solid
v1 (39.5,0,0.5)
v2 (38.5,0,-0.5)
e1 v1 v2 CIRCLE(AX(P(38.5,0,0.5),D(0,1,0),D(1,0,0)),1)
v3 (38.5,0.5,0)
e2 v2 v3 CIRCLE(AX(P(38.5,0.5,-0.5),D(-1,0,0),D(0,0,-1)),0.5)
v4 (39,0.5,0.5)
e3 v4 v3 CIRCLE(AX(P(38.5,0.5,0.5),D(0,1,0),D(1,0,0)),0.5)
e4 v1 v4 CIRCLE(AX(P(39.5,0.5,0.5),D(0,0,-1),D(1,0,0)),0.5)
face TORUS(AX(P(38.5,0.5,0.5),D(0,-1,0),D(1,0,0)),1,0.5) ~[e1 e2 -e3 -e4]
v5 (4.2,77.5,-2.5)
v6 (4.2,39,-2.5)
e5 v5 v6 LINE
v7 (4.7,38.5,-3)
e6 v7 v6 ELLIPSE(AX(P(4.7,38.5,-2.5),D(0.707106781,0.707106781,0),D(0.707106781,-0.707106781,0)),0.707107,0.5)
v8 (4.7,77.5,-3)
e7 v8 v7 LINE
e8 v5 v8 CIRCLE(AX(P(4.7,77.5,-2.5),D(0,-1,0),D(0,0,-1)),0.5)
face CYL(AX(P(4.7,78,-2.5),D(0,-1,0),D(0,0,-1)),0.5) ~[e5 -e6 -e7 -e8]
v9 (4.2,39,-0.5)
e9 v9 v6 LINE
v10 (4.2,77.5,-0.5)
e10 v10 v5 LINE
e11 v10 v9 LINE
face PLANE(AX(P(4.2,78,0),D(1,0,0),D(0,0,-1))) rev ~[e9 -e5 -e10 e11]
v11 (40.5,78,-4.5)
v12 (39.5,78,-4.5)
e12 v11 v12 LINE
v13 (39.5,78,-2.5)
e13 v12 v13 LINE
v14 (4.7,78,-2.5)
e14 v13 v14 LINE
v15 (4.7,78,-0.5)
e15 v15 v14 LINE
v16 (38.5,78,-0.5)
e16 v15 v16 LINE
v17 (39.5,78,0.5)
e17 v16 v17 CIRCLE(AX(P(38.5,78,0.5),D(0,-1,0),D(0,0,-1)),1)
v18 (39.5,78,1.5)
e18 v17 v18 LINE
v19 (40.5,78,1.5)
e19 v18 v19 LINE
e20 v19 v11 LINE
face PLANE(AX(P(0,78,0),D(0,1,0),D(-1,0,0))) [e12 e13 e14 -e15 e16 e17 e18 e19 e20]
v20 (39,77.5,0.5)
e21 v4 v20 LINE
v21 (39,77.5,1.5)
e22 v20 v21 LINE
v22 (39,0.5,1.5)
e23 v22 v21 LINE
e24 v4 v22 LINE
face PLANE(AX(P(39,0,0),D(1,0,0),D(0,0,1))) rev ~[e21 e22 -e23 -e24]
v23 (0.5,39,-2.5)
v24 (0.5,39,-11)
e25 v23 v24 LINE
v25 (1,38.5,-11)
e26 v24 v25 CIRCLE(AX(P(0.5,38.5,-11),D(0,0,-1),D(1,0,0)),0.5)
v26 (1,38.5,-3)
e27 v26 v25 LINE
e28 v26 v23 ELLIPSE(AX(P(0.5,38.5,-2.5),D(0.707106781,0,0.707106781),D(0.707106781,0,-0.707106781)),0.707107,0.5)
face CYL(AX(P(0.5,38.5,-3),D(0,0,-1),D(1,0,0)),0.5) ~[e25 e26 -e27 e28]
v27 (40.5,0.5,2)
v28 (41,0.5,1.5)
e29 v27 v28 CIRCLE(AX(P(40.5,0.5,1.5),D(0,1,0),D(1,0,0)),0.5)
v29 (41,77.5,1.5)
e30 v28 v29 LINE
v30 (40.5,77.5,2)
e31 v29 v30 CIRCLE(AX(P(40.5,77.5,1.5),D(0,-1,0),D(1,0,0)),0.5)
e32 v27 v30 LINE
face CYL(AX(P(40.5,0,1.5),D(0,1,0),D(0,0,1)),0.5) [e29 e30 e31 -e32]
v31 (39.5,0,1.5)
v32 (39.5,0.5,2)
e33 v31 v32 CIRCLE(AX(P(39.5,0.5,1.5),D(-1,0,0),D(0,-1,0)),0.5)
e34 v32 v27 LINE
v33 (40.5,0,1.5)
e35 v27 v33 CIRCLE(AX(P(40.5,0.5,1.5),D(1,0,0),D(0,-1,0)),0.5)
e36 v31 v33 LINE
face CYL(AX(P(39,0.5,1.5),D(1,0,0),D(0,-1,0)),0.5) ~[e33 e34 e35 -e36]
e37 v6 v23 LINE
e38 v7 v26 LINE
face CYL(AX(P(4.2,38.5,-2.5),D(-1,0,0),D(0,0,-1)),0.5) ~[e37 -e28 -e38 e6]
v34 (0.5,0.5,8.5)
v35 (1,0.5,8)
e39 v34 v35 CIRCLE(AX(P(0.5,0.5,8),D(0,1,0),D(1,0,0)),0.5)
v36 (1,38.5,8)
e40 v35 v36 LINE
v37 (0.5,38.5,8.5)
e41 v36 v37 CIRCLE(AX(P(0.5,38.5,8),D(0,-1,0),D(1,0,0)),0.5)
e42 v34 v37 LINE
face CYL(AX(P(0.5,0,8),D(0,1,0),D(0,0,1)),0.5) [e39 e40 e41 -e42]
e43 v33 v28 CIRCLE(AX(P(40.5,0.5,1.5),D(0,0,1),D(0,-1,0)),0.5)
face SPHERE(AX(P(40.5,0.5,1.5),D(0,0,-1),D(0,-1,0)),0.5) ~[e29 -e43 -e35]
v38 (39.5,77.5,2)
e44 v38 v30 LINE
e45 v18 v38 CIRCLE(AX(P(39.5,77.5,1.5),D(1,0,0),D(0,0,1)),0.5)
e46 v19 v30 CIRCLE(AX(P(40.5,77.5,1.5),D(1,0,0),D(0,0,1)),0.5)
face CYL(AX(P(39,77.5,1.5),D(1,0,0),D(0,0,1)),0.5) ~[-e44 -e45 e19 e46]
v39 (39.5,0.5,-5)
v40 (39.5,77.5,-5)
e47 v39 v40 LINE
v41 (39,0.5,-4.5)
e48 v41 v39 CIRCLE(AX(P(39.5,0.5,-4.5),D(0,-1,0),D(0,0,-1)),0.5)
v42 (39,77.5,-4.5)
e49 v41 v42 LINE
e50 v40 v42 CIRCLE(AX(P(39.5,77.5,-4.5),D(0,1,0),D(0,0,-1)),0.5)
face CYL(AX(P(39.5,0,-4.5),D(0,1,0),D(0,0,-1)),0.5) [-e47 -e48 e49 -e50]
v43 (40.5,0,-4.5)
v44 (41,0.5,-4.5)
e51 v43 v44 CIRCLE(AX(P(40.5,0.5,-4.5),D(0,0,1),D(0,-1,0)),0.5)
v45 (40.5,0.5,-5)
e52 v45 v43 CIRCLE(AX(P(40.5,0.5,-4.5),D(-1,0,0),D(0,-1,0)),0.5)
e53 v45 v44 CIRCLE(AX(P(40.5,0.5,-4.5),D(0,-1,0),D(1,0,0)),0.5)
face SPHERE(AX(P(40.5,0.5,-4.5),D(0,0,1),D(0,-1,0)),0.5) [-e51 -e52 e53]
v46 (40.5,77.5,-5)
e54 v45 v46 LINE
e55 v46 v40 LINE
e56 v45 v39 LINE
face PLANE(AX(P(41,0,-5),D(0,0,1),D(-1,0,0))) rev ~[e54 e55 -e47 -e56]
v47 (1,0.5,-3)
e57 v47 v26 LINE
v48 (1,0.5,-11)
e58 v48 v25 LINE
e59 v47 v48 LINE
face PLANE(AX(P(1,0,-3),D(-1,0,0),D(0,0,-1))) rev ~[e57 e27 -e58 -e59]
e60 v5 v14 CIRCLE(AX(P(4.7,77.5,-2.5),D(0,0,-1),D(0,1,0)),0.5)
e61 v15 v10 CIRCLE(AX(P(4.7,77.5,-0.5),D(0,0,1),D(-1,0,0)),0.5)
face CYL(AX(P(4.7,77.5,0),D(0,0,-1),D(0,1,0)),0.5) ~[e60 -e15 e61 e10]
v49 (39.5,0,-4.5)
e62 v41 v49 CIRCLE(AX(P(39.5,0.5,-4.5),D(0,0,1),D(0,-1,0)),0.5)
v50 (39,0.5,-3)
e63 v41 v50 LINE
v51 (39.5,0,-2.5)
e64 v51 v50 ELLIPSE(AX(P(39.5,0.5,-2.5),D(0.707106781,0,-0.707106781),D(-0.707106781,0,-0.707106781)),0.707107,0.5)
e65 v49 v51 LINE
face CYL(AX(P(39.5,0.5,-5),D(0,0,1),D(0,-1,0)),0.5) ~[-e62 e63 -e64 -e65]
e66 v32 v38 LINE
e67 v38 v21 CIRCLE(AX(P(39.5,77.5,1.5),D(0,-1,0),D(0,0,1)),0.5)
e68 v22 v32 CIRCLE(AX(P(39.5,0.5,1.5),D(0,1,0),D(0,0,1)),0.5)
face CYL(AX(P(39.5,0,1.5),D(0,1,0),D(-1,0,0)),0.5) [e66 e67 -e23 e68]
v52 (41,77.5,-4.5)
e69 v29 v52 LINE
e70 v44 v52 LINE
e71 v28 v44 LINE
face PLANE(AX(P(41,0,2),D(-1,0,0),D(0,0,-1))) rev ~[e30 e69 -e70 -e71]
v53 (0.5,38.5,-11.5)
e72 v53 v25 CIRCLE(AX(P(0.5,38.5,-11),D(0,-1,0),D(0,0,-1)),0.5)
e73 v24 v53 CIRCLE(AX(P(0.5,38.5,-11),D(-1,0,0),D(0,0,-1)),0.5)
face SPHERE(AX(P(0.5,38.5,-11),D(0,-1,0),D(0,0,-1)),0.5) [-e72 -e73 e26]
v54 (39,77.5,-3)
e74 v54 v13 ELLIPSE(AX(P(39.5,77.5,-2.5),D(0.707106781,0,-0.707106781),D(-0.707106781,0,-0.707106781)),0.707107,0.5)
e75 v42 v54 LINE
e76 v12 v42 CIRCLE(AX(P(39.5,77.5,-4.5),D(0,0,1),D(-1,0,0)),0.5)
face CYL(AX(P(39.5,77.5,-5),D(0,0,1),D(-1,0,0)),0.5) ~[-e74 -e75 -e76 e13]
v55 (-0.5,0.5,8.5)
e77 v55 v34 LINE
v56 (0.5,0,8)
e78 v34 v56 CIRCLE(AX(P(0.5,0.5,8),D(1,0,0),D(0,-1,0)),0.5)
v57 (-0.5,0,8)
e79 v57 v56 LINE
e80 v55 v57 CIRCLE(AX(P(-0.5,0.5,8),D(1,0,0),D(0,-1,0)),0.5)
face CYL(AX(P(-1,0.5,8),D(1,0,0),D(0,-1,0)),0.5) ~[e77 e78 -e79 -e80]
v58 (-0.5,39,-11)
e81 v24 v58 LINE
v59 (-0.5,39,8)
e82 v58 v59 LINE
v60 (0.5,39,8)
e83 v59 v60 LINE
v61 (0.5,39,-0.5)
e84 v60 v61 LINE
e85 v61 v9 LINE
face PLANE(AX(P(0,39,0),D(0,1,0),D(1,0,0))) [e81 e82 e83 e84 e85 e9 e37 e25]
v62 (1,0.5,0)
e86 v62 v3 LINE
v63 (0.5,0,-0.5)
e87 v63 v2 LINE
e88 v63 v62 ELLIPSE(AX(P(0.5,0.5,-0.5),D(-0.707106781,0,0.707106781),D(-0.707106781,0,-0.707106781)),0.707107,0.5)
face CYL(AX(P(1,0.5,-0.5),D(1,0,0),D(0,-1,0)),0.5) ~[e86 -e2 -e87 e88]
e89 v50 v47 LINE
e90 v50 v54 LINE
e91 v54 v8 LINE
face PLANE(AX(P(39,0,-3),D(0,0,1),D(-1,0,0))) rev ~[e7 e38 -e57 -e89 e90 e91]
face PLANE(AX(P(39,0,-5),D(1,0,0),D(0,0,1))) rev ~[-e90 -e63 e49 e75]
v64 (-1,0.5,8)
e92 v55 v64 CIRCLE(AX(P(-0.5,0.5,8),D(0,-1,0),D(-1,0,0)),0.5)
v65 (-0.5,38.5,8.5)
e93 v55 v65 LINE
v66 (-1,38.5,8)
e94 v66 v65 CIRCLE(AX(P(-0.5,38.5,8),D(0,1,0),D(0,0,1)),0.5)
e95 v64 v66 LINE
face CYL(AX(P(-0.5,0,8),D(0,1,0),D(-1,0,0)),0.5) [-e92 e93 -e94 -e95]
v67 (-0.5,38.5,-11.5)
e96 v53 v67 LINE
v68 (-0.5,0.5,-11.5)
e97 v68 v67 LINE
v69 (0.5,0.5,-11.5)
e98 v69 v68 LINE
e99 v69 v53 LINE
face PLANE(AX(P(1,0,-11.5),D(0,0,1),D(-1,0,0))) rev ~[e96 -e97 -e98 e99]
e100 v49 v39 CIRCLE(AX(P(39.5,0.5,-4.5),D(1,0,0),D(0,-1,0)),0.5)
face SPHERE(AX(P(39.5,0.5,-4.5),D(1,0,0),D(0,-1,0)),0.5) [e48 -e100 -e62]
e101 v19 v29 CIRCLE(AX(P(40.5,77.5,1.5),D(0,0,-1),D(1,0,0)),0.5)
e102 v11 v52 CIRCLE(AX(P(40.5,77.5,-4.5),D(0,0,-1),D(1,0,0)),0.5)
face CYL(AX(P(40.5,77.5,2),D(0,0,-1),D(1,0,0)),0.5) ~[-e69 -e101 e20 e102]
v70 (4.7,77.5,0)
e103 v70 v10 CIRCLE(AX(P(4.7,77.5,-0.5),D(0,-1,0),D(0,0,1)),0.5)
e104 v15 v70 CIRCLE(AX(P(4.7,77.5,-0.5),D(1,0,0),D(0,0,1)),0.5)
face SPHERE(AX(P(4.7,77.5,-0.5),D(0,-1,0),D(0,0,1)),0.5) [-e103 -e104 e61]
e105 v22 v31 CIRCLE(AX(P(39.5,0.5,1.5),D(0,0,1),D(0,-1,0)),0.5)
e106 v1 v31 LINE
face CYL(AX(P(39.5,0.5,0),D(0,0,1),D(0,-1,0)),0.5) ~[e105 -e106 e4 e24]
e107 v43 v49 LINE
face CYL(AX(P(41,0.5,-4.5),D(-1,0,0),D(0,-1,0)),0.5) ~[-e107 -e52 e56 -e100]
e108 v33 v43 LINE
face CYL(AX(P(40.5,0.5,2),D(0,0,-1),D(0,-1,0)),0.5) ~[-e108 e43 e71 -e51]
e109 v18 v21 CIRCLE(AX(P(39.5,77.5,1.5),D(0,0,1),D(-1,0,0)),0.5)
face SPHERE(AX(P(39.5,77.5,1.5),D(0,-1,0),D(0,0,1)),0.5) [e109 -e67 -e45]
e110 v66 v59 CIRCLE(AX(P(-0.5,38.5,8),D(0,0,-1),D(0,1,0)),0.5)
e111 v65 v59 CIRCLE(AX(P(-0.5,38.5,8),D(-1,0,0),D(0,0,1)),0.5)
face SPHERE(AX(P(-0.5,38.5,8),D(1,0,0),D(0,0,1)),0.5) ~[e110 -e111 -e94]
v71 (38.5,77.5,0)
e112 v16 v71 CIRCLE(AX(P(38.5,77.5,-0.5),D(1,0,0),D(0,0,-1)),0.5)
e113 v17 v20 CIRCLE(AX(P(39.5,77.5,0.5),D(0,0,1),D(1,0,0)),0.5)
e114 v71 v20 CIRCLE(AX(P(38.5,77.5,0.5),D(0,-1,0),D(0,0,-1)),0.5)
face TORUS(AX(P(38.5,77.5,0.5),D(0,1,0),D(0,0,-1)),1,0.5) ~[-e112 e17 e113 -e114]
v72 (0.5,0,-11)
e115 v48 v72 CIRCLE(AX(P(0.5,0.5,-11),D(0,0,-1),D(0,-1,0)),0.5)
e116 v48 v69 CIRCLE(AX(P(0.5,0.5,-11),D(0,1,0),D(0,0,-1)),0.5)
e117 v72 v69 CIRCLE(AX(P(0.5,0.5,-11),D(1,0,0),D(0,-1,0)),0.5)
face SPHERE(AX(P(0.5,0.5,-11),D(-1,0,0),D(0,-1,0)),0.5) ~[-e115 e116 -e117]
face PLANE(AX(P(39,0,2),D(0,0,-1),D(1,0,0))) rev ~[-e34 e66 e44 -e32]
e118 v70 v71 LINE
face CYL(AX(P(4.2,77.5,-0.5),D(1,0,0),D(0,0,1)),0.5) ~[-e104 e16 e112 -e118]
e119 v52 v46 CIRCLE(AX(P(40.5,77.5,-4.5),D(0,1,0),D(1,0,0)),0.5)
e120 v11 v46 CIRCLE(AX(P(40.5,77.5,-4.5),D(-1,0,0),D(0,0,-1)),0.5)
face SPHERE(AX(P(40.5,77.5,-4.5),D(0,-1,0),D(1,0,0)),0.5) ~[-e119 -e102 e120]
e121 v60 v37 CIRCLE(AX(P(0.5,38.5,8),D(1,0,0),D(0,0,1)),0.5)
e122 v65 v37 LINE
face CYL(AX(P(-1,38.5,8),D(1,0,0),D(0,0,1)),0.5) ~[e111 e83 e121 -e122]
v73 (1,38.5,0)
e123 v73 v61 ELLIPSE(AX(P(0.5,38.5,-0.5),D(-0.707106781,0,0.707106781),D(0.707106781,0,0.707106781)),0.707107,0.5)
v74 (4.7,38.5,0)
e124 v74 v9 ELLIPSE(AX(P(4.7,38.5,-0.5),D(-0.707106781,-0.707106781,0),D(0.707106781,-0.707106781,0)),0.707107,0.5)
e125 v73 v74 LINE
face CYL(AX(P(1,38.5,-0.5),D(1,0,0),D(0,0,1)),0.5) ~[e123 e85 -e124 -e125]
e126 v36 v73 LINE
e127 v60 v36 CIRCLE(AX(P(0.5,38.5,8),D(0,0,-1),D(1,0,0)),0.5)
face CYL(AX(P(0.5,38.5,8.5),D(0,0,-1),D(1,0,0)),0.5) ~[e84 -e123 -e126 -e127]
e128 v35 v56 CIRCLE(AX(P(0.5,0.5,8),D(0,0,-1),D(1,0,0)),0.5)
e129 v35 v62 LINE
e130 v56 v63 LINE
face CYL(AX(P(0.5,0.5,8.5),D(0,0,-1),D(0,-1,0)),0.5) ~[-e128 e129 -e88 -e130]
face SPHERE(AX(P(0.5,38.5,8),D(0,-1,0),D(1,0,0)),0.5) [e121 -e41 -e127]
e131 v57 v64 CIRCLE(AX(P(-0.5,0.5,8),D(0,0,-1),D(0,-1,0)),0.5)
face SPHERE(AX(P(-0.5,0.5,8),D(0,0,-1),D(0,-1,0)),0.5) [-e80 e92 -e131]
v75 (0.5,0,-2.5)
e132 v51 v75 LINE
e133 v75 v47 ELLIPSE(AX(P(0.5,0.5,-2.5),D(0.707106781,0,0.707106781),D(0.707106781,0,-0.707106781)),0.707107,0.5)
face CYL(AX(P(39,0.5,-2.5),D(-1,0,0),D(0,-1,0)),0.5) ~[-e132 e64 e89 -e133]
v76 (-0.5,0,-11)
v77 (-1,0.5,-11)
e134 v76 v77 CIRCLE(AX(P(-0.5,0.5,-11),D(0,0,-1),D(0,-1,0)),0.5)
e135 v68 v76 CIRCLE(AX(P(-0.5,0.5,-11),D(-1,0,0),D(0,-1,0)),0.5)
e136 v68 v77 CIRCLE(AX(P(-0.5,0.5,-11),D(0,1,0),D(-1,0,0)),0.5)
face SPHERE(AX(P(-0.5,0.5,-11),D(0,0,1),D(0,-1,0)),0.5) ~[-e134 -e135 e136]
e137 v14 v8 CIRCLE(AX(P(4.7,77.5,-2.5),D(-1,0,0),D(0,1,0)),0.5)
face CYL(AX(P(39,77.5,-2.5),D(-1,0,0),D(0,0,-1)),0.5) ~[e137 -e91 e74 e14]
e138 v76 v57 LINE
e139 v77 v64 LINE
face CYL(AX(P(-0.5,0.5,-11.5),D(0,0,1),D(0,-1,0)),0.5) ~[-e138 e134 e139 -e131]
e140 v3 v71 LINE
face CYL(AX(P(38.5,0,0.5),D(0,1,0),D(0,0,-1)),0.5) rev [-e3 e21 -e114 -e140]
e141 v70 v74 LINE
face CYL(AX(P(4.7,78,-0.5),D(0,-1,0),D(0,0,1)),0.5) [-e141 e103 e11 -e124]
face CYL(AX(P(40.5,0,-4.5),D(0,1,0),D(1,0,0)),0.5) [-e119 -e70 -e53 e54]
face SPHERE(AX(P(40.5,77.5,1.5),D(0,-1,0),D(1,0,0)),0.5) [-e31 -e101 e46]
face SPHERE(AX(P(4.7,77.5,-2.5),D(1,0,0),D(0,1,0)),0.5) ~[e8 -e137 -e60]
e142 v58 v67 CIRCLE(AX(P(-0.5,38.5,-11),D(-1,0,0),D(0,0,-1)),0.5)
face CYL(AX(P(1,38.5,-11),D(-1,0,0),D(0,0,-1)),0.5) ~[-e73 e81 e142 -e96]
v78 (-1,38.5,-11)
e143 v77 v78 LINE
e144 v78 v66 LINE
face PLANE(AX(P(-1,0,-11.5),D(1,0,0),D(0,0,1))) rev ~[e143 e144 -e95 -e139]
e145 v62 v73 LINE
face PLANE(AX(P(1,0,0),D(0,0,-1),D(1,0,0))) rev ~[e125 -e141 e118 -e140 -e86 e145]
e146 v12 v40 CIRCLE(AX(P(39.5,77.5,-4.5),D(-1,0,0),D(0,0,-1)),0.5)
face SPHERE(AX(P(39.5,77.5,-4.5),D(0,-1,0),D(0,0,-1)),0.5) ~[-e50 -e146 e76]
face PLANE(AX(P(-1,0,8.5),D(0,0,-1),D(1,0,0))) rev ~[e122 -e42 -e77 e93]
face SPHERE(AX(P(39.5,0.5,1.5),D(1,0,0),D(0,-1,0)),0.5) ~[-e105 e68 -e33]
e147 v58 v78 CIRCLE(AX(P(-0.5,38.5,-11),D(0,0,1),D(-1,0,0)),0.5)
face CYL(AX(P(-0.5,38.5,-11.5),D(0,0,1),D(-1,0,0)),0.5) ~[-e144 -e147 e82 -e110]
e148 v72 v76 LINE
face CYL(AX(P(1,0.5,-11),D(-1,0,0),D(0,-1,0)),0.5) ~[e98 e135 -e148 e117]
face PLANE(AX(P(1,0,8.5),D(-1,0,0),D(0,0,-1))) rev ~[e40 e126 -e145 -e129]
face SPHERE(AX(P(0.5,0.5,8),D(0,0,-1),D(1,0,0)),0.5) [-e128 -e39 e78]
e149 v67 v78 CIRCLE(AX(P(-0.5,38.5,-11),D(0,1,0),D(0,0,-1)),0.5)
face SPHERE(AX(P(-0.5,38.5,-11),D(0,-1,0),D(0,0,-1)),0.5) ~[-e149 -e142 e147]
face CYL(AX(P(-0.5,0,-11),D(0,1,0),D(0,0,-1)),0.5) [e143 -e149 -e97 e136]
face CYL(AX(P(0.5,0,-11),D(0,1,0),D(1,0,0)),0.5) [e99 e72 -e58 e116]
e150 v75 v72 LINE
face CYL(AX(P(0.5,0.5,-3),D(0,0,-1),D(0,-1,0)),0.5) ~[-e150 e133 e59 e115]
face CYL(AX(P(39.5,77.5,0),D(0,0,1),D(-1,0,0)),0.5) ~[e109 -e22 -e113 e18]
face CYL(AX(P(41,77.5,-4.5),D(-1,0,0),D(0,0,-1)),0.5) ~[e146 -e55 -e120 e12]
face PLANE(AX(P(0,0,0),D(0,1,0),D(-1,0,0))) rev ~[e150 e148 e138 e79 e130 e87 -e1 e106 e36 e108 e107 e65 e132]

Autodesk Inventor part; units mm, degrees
ref_plane "YZ Plane" through (0, 0, 0) normal (1, 0, 0) x (0, 1, 0)
ref_plane "XZ Plane" through (0, 0, 0) normal (0, 1, 0) x (-1, 0, 0)
ref_plane "XY Plane" through (0, 0, 0) normal (0, 0, 1) x (1, 0, 0)
sketch "スケッチ1" plane through (0, 0, 0) normal (0, 1, 0) x (-1, 0, 0)
  line L0 (0, 0) -> (-40, 0)
  line L1 (-40, 0) -> (-40, -3)
  line L2 (-40, -3) -> (0, -3)
  line L3 (0, -3) -> (0, 0)
  line L4 (-39, 2) -> (-41, 2)
  line L5 (-41, 2) -> (-41, -5)
  line L6 (-41, -5) -> (-39, -5)
  line L7 (-39, -5) -> (-39, 2)
  line L8 (-39, 2) -> (-41, -5) construction
  line L9 (-41, 2) -> (-39, -5) construction
  line L10 (1, 8.5) -> (-1, 8.5)
  line L11 (-1, 8.5) -> (-1, -11.5)
  line L12 (-1, -11.5) -> (1, -11.5)
  line L13 (1, -11.5) -> (1, 8.5)
  line L14 (1, 8.5) -> (-1, -11.5) construction
  line L15 (-1, 8.5) -> (1, -11.5) construction
  point P0 (-40, -1.5)
  point P1 (0, -1.5)
  dimension "d1" = 40
  dimension "d2" = 3
  dimension "d3" = 2
  dimension "d4" = 7
  dimension "d5" = 2
  dimension "d6" = 20
extrude "押し出し1" add sketch "スケッチ1" along normal blind 78
sketch "スケッチ2" plane through (0, 78, 0) normal (0, 1, 0) x (1, 0, 0)
  line L0 (1, 3) -> (1, 11.5) projected
  line L1 (-1, -8.5) -> (1, -8.5)
  line L2 (1, -8.5) -> (1, 11.5)
  line L3 (1, 11.5) -> (-1, 11.5)
  line L4 (-1, 11.5) -> (-1, -8.5)
  line L5 (1, 0) -> (39, 0) projected
  line L6 (1, 0) -> (4.2, 0)
  line L7 (4.2, 0) -> (4.2, 3)
  line L8 (4.2, 3) -> (1, 3)
  line L9 (1, 3) -> (1, 0)
  point P0 (0, 0)
  dimension "d9" = 2
  dimension "d10" = 20
  dimension "d11" = 3.2
  dimension "d12" = 3
extrude "押し出し2" cut sketch "スケッチ2" against normal blind 39
fillet "フィレット1" radius 0.5 38 edges at (1, 0, 4.25) (-1, 0, -1.5) (1, 19.5, 8.5) (0, 0, -11.5) (1, 0, -7.25) (20, 0, 0) (20, 0, -3) (0, 0, 8.5) (41, 0, -1.5) (40, 0, 2) (39, 39, 0) (40, 0, -5) (39, 0, 1) (39, 0, -4) (41, 39, -5) (39, 39, -5) (41, 39, 2) (41, 78, -1.5) (40, 78, -5) (21.6, 78, -3) (4.2, 58.5, 0) (2.6, 39, 0) (1, 39, 4.25) (0, 39, 8.5) (-1, 19.5, 8.5) (39, 39, 2) (21.6, 78, 0) (40, 78, 2) (39, 78, 1) (4.2, 78, -1.5) (4.2, 58.5, -3) (39, 78, -4) (-1, 19.5, -11.5) (1, 19.5, -11.5) (0, 39, -11.5) (1, 39, -7.25) (-1, 39, -1.5) (2.6, 39, -3)
properties part number "halfPartition"
